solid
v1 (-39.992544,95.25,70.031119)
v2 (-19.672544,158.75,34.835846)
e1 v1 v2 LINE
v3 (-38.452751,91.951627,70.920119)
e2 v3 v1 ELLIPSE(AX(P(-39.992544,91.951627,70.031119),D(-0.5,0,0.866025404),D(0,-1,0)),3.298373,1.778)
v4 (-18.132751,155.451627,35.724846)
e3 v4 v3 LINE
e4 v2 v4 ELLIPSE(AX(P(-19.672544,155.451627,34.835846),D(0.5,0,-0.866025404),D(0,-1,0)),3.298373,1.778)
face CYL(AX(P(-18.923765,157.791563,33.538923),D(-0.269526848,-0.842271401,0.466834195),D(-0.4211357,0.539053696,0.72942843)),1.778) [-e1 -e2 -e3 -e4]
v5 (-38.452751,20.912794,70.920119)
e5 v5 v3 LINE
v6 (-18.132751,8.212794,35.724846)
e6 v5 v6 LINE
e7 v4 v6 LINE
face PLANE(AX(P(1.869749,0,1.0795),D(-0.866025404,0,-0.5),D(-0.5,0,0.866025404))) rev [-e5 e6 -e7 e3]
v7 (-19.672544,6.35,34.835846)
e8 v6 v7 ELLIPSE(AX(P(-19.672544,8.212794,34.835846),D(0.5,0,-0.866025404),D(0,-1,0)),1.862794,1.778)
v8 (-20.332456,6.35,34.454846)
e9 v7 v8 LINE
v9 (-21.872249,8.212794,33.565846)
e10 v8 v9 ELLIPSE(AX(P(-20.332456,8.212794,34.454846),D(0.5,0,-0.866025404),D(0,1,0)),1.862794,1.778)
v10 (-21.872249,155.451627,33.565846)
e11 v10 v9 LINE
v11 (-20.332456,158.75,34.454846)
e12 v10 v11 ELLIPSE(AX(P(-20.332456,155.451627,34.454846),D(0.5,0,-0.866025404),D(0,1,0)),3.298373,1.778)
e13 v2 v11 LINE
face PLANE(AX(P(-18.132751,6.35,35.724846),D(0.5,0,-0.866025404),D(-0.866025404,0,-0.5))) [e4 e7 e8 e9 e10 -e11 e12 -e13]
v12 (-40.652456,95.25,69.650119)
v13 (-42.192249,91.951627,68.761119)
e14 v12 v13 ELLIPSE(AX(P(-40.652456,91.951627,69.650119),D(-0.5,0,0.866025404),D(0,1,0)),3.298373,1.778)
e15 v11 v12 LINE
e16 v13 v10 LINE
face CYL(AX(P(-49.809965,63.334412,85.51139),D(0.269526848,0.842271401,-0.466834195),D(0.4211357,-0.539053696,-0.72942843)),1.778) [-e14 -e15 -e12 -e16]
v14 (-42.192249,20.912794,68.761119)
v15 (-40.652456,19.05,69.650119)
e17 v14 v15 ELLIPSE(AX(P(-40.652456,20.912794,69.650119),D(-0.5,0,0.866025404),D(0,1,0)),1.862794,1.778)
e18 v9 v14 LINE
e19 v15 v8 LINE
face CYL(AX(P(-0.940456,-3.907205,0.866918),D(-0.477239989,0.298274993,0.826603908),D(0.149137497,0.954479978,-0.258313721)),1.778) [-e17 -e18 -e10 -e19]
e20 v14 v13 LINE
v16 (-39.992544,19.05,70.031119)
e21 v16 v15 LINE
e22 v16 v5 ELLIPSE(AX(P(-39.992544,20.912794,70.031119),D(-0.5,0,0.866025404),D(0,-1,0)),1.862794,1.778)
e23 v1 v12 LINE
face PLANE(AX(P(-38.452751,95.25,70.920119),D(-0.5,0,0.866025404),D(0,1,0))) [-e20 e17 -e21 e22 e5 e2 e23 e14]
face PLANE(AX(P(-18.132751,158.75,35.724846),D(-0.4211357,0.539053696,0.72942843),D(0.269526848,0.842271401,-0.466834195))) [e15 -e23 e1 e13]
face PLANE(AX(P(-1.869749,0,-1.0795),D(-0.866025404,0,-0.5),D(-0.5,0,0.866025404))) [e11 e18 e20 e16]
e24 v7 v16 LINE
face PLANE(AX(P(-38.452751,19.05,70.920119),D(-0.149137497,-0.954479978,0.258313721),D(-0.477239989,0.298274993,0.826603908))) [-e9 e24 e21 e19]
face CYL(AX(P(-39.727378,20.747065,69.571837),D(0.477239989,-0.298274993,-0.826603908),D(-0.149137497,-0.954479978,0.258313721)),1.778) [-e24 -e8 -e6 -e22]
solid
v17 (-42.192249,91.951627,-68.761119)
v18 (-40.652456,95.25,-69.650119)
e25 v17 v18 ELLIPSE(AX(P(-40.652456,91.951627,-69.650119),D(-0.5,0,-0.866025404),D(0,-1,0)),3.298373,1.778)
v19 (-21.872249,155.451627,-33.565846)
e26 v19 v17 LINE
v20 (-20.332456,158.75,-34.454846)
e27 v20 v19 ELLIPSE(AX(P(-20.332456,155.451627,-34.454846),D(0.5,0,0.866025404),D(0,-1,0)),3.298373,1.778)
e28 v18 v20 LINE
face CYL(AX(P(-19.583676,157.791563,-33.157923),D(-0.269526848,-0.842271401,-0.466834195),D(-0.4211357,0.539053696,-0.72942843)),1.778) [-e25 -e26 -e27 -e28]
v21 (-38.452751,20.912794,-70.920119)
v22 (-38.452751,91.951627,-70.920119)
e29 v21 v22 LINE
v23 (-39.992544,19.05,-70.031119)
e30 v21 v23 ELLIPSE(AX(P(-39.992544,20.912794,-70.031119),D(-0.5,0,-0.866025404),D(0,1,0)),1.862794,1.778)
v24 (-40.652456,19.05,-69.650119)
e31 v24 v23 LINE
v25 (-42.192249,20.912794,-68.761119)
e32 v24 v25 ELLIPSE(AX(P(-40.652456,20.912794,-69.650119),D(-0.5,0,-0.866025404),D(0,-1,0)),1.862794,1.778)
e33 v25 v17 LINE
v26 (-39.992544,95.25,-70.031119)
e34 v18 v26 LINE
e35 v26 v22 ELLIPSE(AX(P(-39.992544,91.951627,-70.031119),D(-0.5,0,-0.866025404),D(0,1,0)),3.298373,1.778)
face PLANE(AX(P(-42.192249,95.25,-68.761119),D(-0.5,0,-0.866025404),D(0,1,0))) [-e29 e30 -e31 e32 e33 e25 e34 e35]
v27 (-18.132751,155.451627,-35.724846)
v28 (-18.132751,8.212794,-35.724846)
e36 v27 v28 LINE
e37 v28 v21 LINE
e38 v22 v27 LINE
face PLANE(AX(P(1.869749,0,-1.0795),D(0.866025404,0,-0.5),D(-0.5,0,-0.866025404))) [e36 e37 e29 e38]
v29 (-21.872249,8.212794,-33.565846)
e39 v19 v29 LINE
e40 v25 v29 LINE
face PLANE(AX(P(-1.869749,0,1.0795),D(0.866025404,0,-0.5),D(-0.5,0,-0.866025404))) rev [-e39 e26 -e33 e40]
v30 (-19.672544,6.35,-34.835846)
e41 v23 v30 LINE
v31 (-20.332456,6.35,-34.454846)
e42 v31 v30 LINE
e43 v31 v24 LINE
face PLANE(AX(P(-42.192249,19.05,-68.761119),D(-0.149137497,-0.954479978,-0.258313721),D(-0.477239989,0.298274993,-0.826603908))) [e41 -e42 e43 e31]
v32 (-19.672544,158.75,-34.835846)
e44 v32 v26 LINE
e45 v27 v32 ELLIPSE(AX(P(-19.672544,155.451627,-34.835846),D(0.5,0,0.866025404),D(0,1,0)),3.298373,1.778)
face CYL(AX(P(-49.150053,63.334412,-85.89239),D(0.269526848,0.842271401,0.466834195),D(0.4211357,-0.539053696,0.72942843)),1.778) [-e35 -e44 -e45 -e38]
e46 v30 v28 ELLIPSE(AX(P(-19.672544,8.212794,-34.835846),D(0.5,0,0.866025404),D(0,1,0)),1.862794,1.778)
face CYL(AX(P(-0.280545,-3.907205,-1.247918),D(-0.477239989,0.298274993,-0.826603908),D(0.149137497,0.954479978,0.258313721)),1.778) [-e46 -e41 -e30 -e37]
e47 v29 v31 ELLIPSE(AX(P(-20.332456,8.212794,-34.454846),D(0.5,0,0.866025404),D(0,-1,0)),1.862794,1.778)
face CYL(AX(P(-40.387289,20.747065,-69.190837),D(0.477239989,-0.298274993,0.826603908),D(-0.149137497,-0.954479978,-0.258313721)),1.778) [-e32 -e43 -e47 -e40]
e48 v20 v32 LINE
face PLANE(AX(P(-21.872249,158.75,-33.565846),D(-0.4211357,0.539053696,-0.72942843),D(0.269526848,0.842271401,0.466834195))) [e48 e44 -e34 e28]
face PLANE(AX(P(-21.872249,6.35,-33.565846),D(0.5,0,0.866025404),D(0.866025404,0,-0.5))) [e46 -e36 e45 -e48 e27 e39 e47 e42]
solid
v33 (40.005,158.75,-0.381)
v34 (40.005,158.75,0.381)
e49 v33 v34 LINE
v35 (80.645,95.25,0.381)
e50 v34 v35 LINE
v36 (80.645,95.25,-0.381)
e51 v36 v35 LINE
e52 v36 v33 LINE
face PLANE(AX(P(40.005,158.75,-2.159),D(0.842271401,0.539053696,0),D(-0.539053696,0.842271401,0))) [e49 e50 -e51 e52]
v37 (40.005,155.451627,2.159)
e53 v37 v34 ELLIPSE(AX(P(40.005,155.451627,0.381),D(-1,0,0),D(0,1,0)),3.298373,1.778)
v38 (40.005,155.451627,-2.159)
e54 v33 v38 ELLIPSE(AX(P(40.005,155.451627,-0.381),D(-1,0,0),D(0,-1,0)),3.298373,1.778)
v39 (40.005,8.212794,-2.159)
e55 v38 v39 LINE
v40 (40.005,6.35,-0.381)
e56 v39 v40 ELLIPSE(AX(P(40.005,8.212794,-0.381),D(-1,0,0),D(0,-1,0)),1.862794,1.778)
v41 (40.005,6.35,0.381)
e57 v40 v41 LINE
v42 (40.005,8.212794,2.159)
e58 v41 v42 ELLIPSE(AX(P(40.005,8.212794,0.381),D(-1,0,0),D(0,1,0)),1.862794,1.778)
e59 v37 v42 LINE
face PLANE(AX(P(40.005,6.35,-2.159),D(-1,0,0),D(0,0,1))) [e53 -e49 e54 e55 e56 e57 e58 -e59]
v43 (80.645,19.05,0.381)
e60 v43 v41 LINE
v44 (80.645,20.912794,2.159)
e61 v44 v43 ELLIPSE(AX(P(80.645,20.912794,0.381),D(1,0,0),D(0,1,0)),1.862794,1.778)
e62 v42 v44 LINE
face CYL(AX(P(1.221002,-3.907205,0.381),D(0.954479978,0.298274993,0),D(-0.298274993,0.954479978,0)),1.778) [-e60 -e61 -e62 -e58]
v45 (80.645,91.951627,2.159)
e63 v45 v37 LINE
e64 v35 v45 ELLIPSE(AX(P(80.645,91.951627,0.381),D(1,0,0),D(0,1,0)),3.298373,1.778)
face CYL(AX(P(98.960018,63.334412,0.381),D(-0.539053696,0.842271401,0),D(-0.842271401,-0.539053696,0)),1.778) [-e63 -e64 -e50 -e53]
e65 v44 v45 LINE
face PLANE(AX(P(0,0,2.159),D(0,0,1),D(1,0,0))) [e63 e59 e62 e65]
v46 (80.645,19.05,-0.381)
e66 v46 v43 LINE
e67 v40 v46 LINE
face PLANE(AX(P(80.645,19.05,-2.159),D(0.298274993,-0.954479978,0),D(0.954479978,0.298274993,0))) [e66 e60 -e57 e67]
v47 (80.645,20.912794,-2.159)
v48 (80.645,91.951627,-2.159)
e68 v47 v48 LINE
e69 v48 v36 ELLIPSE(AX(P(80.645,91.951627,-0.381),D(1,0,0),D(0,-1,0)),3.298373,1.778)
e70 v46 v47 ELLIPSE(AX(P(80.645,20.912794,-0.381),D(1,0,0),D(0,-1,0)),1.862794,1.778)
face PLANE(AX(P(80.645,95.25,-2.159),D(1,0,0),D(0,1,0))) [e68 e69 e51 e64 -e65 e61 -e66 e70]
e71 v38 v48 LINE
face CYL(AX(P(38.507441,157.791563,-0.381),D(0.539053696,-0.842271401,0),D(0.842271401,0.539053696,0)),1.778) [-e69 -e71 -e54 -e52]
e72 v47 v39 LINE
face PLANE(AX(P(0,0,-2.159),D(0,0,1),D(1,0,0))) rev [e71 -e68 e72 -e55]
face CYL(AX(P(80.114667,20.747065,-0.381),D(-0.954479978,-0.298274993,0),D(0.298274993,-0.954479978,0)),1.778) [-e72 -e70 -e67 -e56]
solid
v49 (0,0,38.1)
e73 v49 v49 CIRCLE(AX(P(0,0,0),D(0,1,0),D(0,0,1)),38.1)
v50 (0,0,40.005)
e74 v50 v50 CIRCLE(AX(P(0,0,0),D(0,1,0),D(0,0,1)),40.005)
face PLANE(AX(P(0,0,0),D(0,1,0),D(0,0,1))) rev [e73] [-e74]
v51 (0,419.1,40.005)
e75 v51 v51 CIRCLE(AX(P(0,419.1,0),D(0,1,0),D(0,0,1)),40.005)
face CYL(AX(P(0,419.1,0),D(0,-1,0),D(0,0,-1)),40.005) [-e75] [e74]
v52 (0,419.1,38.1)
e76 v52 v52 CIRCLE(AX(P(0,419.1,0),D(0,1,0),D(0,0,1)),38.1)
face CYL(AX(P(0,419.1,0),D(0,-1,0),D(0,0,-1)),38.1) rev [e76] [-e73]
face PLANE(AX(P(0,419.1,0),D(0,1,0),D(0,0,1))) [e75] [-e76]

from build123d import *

# Parameters (mm, degrees)
SKETCH3_R                = 40.005
SKETCH3_R_2              = 38.1
BOSS_EXTRUDE1_DEPTH      = 419.1
BOSS_EXTRUDE2_DEPTH      = 2.159
BOSS_EXTRUDE2_DEPTH_BACK = 2.159
FILLET1_R                = 1.778
CIRPATTERN1_COUNT        = 3


with BuildPart() as part:
    # Sketch3 → Boss-Extrude1 (new body)
    with BuildSketch(Plane(origin=(0, 0, 0), x_dir=(1, 0, 0), z_dir=(0, 1, 0))):
        Circle(SKETCH3_R)
        Circle(SKETCH3_R_2, mode=Mode.SUBTRACT)
    extrude(amount=BOSS_EXTRUDE1_DEPTH)


with BuildPart() as body_2:
    # Sketch4 → Boss-Extrude2 (new, two sides: drawn at the far end of the back side and taken through both)
    with BuildSketch(Plane.XY.offset(-BOSS_EXTRUDE2_DEPTH_BACK)):
        Polygon((40.005, 6.35), (40.005, 158.75), (80.645, 95.25), (80.645, 19.05), align=None)
    extrude(amount=BOSS_EXTRUDE2_DEPTH + BOSS_EXTRUDE2_DEPTH_BACK)

    # Fillet1
    fillet1_edges = [body_2.edges().sort_by_distance(p)[0] for p in [
        (60.325, 12.7, 2.159),
        (60.325, 12.7, -2.159),
        (60.325, 127, 2.159),
        (60.325, 127, -2.159),
    ]]
    fillet(fillet1_edges, radius=FILLET1_R)


with BuildPart() as cirpattern1_1:
    # CirPattern1: pattern copy
    add(body_2.part.rotate(Axis((0, 0, 0), (0, 1, 0)), 1 * 360 / CIRPATTERN1_COUNT))


with BuildPart() as cirpattern1_2:
    # CirPattern1: pattern copy
    add(body_2.part.rotate(Axis((0, 0, 0), (0, 1, 0)), 2 * 360 / CIRPATTERN1_COUNT))


solid = Compound([part.part, body_2.part, cirpattern1_1.part, cirpattern1_2.part])
